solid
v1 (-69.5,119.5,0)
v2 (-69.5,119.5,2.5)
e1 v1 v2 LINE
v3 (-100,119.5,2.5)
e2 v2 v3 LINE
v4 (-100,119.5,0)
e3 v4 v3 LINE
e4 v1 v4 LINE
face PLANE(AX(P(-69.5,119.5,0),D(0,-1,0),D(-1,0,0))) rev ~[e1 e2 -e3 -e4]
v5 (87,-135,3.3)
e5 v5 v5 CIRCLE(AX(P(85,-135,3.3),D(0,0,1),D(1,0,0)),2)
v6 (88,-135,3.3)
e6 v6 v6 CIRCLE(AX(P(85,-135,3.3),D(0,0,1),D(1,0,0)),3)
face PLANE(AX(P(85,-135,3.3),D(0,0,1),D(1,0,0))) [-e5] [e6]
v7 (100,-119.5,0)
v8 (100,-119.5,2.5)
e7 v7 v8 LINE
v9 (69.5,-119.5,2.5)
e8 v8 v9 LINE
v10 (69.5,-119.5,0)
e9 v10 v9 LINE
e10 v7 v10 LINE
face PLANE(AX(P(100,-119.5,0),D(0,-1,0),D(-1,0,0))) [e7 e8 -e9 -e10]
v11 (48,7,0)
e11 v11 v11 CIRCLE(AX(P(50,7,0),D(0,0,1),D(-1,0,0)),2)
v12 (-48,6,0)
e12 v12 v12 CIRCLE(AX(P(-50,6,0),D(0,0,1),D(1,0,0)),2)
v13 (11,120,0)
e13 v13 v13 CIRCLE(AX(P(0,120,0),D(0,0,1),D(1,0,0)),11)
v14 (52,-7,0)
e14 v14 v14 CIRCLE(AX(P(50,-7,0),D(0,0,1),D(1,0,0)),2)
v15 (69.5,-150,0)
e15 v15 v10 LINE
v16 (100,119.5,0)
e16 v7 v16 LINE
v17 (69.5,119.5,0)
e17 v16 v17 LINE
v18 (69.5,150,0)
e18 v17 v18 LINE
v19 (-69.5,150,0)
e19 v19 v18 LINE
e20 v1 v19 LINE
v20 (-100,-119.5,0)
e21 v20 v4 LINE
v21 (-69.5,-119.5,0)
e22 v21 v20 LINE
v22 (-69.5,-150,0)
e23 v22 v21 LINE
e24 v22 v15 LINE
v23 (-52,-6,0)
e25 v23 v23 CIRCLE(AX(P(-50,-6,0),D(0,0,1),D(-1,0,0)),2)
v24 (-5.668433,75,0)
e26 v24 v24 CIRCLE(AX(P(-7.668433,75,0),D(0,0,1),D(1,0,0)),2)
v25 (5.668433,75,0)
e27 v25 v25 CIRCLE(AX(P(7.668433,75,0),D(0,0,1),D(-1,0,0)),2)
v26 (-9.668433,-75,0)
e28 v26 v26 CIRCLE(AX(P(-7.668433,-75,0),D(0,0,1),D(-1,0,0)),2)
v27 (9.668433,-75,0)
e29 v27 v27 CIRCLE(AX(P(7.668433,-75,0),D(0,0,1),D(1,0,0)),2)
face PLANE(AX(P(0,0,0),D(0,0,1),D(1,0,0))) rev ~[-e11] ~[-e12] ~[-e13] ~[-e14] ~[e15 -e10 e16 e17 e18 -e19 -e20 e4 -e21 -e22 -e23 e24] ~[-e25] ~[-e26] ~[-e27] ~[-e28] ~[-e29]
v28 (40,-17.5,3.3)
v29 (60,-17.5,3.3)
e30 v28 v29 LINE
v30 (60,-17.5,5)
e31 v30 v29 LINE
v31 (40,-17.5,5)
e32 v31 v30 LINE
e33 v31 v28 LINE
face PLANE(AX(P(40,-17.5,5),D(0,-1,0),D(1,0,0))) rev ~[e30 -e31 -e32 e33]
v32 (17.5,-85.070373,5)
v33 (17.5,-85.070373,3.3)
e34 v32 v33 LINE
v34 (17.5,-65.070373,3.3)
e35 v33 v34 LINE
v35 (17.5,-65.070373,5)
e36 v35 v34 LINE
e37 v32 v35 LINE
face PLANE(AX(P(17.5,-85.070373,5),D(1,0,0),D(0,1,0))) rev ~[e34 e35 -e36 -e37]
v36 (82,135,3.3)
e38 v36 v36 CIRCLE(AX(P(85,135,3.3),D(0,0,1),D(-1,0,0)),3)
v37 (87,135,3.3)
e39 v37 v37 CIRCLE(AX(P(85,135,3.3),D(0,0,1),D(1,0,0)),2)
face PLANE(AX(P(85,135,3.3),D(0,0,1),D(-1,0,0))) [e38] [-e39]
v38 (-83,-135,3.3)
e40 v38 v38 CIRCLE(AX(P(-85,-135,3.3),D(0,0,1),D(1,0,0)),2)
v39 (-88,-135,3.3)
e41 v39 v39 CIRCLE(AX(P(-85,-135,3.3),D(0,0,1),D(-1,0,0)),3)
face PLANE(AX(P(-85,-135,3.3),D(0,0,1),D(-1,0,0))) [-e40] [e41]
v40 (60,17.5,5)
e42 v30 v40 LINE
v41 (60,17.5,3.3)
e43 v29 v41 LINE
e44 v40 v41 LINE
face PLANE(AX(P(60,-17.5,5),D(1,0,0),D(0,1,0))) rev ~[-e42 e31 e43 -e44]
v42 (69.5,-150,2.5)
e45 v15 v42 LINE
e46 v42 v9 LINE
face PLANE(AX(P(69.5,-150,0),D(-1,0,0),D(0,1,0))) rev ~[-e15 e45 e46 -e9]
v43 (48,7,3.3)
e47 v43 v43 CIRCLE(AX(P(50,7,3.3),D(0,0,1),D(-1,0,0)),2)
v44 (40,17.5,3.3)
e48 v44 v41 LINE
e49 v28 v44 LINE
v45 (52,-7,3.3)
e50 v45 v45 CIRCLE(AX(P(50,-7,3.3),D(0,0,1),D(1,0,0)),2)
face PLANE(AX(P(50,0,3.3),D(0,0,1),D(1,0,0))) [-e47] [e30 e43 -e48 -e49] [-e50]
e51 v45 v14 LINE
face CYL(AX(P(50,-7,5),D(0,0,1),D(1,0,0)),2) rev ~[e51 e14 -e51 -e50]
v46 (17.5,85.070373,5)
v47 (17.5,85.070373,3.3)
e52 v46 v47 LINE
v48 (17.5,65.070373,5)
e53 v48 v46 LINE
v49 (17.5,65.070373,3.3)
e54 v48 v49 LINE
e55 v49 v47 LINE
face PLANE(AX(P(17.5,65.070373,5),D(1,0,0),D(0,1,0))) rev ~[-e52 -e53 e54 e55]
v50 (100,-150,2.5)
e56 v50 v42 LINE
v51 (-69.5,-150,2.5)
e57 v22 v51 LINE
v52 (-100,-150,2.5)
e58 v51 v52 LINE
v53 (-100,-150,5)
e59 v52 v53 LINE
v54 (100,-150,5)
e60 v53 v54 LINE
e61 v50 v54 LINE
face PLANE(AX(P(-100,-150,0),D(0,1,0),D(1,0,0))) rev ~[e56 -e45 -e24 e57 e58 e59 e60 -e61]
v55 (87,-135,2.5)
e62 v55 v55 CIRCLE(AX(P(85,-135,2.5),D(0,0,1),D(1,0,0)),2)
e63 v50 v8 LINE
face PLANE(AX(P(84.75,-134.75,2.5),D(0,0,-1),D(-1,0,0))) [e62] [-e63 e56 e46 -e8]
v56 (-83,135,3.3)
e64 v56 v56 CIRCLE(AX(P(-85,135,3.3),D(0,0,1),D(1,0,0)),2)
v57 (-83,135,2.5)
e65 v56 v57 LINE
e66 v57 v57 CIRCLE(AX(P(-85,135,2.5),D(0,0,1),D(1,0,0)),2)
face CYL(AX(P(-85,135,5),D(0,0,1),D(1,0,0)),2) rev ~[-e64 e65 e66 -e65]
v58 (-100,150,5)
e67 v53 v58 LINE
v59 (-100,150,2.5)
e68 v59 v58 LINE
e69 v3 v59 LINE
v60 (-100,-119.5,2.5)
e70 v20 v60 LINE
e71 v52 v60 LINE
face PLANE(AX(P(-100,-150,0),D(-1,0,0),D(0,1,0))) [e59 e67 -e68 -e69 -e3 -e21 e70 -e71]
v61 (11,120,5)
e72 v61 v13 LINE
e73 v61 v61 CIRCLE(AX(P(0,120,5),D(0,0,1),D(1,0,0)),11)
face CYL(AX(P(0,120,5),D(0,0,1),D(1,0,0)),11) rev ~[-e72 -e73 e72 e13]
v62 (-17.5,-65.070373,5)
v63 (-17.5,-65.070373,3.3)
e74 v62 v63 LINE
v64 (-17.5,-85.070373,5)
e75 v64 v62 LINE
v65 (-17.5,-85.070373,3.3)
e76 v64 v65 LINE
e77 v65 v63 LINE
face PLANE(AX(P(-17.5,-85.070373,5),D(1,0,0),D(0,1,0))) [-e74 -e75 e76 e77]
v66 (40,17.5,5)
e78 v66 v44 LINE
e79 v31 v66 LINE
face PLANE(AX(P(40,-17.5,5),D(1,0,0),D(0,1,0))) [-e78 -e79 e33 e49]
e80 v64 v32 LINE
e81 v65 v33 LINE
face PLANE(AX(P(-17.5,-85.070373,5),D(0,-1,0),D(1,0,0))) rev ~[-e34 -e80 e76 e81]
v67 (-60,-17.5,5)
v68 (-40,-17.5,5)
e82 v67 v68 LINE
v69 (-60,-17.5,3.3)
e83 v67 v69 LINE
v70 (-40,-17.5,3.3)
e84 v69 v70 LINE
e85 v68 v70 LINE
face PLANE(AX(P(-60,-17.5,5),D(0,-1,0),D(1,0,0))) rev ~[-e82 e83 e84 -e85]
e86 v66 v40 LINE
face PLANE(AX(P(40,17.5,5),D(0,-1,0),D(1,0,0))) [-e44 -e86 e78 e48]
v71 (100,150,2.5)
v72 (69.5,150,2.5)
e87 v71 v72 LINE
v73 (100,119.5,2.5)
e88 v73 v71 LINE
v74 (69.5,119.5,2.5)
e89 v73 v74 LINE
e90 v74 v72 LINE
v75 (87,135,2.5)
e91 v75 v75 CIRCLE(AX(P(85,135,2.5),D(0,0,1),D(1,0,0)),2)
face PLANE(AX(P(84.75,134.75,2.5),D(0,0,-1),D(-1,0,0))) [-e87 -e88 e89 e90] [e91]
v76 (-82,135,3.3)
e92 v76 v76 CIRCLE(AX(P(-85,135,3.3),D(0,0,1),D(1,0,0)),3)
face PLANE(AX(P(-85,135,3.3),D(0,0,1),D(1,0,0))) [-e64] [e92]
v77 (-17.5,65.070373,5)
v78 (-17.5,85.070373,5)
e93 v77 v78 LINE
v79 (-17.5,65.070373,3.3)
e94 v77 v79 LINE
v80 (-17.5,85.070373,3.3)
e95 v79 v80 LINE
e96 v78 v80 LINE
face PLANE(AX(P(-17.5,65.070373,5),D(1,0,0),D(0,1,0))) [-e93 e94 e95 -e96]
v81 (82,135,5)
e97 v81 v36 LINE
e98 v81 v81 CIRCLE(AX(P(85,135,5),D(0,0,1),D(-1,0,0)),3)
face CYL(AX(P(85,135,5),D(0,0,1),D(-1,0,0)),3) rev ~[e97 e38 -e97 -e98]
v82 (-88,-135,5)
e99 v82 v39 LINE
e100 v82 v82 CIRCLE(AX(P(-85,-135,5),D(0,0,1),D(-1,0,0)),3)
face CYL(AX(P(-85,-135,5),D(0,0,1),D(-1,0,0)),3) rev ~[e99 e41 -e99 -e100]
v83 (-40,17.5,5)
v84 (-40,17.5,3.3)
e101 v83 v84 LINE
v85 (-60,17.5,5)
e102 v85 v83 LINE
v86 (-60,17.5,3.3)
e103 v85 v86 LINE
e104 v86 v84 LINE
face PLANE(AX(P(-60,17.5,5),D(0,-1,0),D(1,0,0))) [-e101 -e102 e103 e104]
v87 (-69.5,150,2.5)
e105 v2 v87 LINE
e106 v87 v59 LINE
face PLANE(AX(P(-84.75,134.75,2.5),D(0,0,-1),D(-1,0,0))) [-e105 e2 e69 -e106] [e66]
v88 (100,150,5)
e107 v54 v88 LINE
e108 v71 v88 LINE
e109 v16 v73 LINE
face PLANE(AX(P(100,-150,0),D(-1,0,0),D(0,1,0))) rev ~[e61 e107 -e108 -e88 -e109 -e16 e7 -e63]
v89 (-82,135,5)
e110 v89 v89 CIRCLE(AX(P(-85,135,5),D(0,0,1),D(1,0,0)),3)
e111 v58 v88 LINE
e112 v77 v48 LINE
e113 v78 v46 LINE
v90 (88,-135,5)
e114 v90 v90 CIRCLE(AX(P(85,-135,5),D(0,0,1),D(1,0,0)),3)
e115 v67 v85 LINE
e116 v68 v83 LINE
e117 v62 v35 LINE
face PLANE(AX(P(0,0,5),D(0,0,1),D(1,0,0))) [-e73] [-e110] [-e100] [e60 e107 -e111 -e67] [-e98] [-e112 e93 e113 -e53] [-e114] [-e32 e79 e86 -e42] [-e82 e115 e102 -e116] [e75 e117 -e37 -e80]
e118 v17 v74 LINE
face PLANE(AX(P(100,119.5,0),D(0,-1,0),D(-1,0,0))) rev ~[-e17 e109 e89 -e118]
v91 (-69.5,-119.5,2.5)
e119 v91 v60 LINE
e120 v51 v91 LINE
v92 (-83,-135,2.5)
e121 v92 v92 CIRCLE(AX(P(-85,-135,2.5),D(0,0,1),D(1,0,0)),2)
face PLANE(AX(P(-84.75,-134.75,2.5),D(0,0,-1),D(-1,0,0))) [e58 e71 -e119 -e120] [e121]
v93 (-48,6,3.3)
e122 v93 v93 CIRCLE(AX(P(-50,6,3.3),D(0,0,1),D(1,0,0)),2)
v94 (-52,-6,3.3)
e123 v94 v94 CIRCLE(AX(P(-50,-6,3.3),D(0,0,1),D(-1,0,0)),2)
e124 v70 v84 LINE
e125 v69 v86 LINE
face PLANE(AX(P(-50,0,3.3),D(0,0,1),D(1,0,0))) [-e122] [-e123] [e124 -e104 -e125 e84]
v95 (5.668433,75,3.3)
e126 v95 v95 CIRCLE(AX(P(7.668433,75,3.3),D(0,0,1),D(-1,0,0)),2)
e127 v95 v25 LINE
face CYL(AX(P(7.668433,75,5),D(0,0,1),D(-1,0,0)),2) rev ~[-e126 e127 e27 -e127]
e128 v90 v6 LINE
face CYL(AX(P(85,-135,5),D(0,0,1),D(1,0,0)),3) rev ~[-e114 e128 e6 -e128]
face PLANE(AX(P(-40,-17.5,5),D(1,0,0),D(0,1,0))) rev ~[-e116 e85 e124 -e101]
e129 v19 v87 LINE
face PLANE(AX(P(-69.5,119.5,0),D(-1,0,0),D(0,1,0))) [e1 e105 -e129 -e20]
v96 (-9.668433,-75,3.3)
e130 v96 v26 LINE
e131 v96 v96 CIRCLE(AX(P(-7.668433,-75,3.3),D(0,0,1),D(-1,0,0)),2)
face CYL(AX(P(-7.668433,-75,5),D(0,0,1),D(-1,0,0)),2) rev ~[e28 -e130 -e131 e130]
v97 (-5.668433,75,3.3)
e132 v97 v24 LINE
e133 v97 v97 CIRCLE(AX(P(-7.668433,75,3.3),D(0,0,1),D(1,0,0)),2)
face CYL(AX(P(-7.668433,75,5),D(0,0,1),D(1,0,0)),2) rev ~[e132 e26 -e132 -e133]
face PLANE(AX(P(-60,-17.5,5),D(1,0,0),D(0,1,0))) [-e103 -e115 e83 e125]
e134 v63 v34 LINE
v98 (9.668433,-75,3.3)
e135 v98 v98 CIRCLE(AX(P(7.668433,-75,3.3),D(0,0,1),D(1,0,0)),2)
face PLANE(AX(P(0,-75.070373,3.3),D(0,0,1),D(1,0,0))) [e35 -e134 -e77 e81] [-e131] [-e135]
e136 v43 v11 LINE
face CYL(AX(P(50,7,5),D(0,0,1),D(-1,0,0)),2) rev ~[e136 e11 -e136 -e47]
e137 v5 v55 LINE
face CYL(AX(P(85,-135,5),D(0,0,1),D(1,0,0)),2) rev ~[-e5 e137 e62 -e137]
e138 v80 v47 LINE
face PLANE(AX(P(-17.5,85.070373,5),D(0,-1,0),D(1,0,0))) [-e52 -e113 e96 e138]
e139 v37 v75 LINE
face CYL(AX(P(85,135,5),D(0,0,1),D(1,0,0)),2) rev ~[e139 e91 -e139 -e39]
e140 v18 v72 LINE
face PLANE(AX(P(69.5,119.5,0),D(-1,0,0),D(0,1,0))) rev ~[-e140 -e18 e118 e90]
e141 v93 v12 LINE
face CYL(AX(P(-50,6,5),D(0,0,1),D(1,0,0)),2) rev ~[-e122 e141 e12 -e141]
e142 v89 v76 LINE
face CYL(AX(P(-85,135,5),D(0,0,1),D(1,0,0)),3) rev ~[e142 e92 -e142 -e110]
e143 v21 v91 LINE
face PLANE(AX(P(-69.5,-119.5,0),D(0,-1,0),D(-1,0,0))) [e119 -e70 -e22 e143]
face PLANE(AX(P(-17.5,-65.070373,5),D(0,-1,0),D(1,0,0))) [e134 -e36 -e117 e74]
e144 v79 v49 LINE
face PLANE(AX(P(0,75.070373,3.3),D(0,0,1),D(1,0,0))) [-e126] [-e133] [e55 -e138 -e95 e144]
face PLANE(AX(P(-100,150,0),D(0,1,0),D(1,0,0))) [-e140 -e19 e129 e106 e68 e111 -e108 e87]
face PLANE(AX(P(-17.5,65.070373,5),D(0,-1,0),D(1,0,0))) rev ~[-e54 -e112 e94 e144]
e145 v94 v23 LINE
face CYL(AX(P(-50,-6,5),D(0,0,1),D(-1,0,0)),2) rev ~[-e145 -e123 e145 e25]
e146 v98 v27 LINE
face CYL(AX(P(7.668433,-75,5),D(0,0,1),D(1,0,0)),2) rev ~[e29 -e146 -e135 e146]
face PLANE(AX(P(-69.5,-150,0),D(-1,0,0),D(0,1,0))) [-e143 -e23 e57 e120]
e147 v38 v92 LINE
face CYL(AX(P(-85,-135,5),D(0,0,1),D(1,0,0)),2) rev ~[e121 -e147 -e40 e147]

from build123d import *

# Parameters (mm, degrees)
CROQUIS1_W              = 200
CROQUIS1_H              = 300
SALIENTE_EXTRUIR1_DEPTH = 5
CROQUIS2_R              = 11
CORTAR_EXTRUIR1_DEPTH   = 15
CROQUIS3_R              = 2
AG_COLUMNA_DEPTH        = 15
CROQUIS4_R              = 2
CORTAR_EXTRUIR3_DEPTH   = 15
CROQUIS5_R              = 3
CROQUIS5_W              = 20
CROQUIS5_H              = 35
CROQUIS5_W_2            = 35
CROQUIS5_H_2            = 20
CORTAR_EXTRUIR4_DEPTH   = 1.7
CROQUIS6_W              = 30.5
CROQUIS6_H              = 30.5
CORTAR_EXTRUIR5_DEPTH   = 2.5


with BuildPart() as part:
    # Croquis1 → Saliente-Extruir1 (new body)
    with BuildSketch(Plane.XY):
        Rectangle(CROQUIS1_W, CROQUIS1_H)
    extrude(amount=SALIENTE_EXTRUIR1_DEPTH)

    # Croquis2 → Cortar-Extruir1 (cut)
    with BuildSketch(Plane.XY.offset(5)):
        with Locations((0, 120)):
            Circle(CROQUIS2_R)
    extrude(amount=-CORTAR_EXTRUIR1_DEPTH, mode=Mode.SUBTRACT)

    # Croquis3 → Ag. Columna (cut)
    with BuildSketch(Plane.XY.offset(5)):
        with Locations((85, 135)):
            Circle(CROQUIS3_R)
        with Locations((-85, 135)):
            Circle(CROQUIS3_R)
        with Locations((-85, -135)):
            Circle(CROQUIS3_R)
        with Locations((85, -135)):
            Circle(CROQUIS3_R)
    extrude(amount=-AG_COLUMNA_DEPTH, mode=Mode.SUBTRACT)

    # Croquis4 → Cortar-Extruir3 (cut)
    with BuildSketch(Plane.XY.offset(5)):
        with Locations((-50, 6)):
            Circle(CROQUIS4_R)
        with Locations(Location((-50, -6, 0), (0, 0, 180))):
            Circle(CROQUIS4_R)
        with Locations((50, -7)):
            Circle(CROQUIS4_R)
        with Locations(Location((50, 7, 0), (0, 0, 180))):
            Circle(CROQUIS4_R)
        with Locations((-7.668433443, 75)):
            Circle(CROQUIS4_R)
        with Locations(Location((7.668433443, 75, 0), (0, 0, 180))):
            Circle(CROQUIS4_R)
        with Locations(Location((-7.668433443, -75, 0), (0, 0, 180))):
            Circle(CROQUIS4_R)
        with Locations((7.668433443, -75)):
            Circle(CROQUIS4_R)
    extrude(amount=-CORTAR_EXTRUIR3_DEPTH, mode=Mode.SUBTRACT)

    # Croquis5 → Cortar-Extruir4 (cut)
    with BuildSketch(Plane.XY.offset(5)):
        with Locations((-85, 135)):
            Circle(CROQUIS5_R)
        with Locations(Location((85, 135, 0), (0, 0, 180))):
            Circle(CROQUIS5_R)
        with Locations(Location((-85, -135, 0), (0, 0, 180))):
            Circle(CROQUIS5_R)
        with Locations((85, -135)):
            Circle(CROQUIS5_R)
        with Locations((-50, 0)):
            Rectangle(CROQUIS5_W, CROQUIS5_H)
        with Locations((0, -75.070372891)):
            Rectangle(CROQUIS5_W_2, CROQUIS5_H_2)
        with Locations((0, 75.070372891)):
            Rectangle(CROQUIS5_W_2, CROQUIS5_H_2)
        with Locations((50, 0)):
            Rectangle(CROQUIS5_W, CROQUIS5_H)
    extrude(amount=-CORTAR_EXTRUIR4_DEPTH, mode=Mode.SUBTRACT)

    # Croquis6 → Cortar-Extruir5 (cut)
    with BuildSketch(Plane(origin=(0, 0, 0), x_dir=(-1, 0, 0), z_dir=(0, 0, -1))):
        with Locations((-84.75, 134.75)):
            Rectangle(CROQUIS6_W, CROQUIS6_H)
        with Locations((84.75, 134.75)):
            Rectangle(CROQUIS6_W, CROQUIS6_H)
        with Locations((84.75, -134.75)):
            Rectangle(CROQUIS6_W, CROQUIS6_H)
        with Locations((-84.75, -134.75)):
            Rectangle(CROQUIS6_W, CROQUIS6_H)
    extrude(amount=-CORTAR_EXTRUIR5_DEPTH, mode=Mode.SUBTRACT)


solid = part.part
